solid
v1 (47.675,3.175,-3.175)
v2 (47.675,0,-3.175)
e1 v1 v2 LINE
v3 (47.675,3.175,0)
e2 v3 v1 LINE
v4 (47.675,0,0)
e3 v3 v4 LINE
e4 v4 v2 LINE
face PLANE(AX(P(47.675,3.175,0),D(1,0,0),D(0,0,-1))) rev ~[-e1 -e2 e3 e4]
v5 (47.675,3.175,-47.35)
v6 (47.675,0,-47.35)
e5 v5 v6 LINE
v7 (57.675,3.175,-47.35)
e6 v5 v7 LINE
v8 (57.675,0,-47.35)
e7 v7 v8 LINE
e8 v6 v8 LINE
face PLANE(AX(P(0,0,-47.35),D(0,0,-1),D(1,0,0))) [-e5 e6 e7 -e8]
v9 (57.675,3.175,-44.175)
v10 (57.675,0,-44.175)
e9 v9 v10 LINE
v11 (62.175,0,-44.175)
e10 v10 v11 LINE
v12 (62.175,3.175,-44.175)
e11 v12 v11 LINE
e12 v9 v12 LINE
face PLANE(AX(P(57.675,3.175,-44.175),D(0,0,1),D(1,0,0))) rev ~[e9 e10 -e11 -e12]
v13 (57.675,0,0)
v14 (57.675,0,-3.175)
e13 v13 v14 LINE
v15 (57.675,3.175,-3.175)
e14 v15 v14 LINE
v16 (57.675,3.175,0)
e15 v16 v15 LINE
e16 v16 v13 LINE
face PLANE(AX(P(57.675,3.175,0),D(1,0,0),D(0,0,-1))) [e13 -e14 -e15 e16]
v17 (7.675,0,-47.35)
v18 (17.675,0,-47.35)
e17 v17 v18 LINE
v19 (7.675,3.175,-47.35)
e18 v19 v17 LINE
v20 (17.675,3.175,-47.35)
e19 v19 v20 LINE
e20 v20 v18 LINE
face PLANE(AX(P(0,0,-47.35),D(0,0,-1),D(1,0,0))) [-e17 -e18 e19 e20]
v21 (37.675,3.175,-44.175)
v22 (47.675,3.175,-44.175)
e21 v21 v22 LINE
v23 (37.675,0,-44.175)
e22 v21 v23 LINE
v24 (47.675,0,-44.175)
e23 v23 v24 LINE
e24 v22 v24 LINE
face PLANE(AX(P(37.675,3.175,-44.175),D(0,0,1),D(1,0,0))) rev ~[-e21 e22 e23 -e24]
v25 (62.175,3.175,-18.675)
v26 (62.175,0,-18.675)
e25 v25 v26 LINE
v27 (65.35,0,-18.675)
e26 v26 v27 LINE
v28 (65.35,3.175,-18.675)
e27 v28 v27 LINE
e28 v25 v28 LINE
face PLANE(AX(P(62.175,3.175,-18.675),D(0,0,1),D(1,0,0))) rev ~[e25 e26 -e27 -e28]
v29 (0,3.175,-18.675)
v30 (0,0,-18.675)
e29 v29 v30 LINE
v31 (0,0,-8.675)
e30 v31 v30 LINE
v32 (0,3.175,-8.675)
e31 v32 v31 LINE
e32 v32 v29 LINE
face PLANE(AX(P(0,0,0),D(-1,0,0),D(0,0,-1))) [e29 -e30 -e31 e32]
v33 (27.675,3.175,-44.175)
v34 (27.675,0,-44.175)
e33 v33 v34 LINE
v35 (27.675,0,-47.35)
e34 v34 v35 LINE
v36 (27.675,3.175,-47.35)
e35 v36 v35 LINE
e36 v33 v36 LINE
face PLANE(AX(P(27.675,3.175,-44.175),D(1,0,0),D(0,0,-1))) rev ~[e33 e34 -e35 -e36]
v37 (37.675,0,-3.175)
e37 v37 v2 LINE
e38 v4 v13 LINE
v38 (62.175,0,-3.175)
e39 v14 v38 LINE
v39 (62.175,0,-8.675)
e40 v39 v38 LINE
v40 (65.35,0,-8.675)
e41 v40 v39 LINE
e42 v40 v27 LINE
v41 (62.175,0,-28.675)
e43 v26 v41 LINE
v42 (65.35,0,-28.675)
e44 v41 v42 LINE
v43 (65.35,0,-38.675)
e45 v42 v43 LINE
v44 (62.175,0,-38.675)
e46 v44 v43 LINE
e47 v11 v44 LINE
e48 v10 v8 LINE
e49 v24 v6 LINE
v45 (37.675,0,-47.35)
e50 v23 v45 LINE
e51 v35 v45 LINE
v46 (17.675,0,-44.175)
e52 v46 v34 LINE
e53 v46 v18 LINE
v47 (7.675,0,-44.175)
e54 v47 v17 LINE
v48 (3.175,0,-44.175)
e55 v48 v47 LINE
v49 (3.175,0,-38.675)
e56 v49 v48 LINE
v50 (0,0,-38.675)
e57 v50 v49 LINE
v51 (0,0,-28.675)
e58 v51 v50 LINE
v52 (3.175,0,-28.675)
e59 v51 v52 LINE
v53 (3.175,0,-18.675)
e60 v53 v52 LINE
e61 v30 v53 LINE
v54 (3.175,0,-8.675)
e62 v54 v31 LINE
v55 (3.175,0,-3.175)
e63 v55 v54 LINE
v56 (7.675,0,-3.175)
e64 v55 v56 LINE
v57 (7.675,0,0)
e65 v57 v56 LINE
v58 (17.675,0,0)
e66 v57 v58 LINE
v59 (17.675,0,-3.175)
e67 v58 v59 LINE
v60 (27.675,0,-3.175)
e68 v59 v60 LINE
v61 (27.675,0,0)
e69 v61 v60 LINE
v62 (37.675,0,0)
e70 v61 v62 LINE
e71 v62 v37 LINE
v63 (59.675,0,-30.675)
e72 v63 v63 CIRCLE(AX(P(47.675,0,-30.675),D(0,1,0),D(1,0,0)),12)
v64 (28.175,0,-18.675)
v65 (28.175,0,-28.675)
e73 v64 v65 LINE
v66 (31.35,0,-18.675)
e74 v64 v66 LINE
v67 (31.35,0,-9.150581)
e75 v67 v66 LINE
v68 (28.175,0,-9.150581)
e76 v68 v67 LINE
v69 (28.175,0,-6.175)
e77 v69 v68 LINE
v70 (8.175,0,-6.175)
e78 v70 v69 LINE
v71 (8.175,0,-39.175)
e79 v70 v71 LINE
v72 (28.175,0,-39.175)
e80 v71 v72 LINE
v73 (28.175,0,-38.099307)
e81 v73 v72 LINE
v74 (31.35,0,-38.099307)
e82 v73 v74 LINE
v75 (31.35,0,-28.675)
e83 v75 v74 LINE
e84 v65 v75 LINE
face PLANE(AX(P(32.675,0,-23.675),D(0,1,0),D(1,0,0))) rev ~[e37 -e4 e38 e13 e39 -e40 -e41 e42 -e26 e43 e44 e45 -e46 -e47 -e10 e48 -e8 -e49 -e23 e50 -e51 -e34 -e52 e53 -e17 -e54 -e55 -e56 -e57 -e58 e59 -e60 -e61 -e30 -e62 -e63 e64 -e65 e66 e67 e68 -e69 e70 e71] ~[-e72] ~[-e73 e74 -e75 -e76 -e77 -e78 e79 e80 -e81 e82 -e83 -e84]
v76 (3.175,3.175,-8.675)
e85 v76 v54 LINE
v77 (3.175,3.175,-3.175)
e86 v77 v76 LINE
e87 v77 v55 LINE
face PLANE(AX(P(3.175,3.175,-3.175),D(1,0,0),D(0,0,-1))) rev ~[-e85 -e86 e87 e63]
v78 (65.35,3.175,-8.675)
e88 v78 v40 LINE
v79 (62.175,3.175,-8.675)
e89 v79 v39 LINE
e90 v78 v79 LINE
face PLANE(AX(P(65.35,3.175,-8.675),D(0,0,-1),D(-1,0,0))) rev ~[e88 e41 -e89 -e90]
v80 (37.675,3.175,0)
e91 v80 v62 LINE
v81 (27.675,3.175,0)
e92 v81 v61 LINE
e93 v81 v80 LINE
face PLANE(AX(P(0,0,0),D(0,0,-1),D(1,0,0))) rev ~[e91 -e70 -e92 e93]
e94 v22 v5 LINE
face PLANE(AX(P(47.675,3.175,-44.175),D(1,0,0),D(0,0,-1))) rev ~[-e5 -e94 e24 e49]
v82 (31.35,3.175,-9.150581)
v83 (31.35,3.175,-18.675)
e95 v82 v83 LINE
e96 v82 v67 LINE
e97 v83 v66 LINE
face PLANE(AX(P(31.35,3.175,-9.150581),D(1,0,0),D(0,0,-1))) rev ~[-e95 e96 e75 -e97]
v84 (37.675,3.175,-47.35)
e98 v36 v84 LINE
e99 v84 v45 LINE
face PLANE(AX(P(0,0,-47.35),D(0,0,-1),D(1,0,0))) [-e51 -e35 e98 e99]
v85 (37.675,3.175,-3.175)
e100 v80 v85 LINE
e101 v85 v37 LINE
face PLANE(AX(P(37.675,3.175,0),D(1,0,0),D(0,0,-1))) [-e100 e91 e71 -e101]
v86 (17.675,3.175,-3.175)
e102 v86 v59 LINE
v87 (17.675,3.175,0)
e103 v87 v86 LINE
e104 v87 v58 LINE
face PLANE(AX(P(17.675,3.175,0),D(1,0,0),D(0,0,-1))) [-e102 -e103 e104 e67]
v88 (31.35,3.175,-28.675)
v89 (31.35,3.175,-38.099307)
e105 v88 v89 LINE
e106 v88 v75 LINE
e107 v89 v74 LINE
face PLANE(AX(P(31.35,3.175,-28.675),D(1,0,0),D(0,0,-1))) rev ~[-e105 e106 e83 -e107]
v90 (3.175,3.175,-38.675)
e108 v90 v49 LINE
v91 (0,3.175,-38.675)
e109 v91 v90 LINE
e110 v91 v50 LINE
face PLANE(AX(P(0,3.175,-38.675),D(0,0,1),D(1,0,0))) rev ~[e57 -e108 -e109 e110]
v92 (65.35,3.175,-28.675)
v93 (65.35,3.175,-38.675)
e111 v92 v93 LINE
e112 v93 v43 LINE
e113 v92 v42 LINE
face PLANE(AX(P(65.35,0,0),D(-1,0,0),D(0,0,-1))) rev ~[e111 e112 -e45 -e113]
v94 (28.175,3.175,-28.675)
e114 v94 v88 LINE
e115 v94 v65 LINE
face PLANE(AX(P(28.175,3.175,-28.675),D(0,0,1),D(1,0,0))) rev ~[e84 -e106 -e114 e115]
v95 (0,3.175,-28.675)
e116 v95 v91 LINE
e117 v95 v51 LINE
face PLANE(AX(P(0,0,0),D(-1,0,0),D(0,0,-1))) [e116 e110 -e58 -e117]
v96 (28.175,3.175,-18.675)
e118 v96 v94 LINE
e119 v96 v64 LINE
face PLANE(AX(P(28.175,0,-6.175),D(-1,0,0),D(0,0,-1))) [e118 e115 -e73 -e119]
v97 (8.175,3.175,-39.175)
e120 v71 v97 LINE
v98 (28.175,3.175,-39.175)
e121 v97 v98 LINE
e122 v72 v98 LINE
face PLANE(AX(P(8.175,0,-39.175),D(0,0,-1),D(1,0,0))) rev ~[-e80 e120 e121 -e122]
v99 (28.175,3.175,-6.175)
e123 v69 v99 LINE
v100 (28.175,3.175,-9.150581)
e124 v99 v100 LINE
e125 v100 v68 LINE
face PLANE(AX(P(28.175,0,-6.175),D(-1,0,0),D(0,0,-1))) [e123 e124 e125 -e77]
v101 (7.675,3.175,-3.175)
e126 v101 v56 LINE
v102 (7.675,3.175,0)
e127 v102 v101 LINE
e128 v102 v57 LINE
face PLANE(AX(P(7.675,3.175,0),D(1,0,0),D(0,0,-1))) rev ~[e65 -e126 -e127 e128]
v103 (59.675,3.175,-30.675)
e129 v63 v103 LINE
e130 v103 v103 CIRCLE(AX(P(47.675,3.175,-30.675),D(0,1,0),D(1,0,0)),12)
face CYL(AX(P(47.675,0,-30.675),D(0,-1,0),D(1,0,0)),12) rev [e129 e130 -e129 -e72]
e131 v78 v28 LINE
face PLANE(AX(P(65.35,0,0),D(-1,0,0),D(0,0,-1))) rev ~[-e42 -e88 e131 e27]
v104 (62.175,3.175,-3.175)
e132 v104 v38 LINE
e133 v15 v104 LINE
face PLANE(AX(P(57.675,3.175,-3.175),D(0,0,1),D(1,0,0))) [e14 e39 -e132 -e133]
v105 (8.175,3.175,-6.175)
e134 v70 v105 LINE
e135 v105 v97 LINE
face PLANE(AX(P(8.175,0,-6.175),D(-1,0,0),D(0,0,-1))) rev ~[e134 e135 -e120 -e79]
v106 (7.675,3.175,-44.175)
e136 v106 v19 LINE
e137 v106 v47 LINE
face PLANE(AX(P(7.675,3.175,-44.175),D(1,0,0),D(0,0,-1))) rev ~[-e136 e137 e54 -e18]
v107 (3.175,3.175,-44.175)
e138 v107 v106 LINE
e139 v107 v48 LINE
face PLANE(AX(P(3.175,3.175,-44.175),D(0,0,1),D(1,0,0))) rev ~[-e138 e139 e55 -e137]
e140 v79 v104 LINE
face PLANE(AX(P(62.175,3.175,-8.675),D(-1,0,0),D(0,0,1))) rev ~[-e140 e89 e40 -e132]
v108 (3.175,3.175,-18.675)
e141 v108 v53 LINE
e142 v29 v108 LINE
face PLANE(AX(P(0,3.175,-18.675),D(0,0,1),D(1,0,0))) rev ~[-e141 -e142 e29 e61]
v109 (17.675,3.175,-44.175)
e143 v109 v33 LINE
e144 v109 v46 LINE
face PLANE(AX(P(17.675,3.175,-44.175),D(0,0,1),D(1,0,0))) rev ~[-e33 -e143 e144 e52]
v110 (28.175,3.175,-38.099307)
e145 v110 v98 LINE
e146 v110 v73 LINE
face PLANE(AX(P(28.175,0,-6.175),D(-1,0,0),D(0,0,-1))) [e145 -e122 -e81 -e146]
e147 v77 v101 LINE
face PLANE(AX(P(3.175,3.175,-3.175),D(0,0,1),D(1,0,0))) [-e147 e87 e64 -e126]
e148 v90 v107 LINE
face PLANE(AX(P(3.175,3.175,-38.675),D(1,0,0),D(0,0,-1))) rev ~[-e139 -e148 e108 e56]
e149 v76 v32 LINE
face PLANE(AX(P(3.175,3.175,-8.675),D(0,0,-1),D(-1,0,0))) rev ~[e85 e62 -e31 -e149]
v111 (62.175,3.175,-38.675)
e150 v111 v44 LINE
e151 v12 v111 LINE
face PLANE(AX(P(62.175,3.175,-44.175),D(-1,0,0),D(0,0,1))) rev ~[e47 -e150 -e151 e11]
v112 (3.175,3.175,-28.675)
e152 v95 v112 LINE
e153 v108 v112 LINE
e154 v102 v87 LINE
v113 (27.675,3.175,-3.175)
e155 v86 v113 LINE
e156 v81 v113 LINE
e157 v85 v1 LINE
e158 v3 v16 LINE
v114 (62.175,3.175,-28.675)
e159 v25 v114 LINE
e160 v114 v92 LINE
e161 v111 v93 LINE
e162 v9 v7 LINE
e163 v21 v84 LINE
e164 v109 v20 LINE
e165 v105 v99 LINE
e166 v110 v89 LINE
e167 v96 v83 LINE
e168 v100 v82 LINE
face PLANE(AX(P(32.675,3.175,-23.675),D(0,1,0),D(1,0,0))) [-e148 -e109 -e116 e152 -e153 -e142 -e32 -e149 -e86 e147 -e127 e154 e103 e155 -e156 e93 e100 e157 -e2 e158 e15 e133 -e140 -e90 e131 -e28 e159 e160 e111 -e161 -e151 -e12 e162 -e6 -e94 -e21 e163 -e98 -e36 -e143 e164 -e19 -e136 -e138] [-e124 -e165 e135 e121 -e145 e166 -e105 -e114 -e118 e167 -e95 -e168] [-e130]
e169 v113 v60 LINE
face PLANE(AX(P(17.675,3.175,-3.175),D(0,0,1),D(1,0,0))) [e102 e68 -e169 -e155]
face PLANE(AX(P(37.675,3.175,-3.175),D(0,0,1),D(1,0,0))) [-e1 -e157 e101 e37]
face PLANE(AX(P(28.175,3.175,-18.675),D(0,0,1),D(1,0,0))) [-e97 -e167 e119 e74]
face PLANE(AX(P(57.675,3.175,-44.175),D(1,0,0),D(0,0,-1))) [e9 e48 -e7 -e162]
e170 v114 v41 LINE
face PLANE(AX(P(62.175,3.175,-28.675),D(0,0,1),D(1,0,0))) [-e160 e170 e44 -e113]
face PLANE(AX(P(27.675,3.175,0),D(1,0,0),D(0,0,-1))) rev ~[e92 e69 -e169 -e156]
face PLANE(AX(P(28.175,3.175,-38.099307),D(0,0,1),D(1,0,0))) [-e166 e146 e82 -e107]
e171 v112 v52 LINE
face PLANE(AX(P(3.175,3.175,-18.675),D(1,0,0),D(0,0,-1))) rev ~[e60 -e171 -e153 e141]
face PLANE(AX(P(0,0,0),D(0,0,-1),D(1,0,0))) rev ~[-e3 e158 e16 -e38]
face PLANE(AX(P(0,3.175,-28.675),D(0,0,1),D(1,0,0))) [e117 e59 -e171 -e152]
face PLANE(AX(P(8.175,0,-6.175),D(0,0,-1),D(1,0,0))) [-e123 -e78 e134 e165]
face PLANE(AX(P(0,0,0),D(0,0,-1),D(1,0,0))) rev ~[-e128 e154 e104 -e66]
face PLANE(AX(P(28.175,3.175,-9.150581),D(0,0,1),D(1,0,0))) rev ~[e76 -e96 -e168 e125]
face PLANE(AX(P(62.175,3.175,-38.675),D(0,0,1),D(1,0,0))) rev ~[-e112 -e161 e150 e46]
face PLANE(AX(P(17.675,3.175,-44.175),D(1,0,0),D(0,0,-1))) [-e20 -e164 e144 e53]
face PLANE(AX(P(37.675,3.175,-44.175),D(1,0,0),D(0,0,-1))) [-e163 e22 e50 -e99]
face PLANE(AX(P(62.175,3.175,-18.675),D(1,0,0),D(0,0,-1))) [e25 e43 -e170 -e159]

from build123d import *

# Parameters (mm, degrees)
SKETCH1_W           = 65.35
SKETCH1_H           = 47.35
SKETCH1_R           = 12
SKETCH1_W_2         = 20
SKETCH1_H_2         = 33
BOSS_EXTRUDE1_DEPTH = 3.175
SKETCH2_W           = 10
SKETCH2_H           = 3.175
SKETCH2_W_2         = 4.5
SKETCH2_W_3         = 3.175
SKETCH2_H_2         = 10
SKETCH2_H_3         = 5.5
SKETCH2_H_4         = 9.424306971
SKETCH2_H_5         = 9.524418783
CUT_EXTRUDE1_DEPTH  = 3.175


with BuildPart() as part:
    # Sketch1 → Boss-Extrude1 (new body)
    with BuildSketch(Plane(origin=(0, 0, 0), x_dir=(1, 0, 0), z_dir=(0, 1, 0))):
        with Locations((32.675, 23.675)):
            Rectangle(SKETCH1_W, SKETCH1_H)
        with Locations((47.675, 30.675)):
            Circle(SKETCH1_R, mode=Mode.SUBTRACT)
        with Locations((18.175, 22.675)):
            Rectangle(SKETCH1_W_2, SKETCH1_H_2, mode=Mode.SUBTRACT)
    extrude(amount=BOSS_EXTRUDE1_DEPTH)

    # Sketch2 → Cut-Extrude1 (cut)
    with BuildSketch(Plane(origin=(0, 3.175, 0), x_dir=(1, 0, 0), z_dir=(0, 1, 0))):
        with Locations((22.675, 45.7625)):
            Rectangle(SKETCH2_W, SKETCH2_H)
        with Locations((42.675, 45.7625)):
            Rectangle(SKETCH2_W, SKETCH2_H)
        with Locations((59.925, 45.7625)):
            Rectangle(SKETCH2_W_2, SKETCH2_H)
        Polygon((65.35, 47.35), (62.175, 47.35), (62.175, 44.175), (62.175, 38.675), (65.35, 38.675), align=None)
        with Locations((63.7625, 23.675)):
            Rectangle(SKETCH2_W_3, SKETCH2_H_2)
        Polygon((62.175, 3.175), (62.175, 0), (65.35, 0), (65.35, 8.675), (62.175, 8.675), align=None)
        with Locations((59.925, 1.5875)):
            Rectangle(SKETCH2_W_2, SKETCH2_H)
        with Locations((42.675, 1.5875)):
            Rectangle(SKETCH2_W, SKETCH2_H)
        with Locations((22.675, 1.5875)):
            Rectangle(SKETCH2_W, SKETCH2_H)
        with Locations((5.425, 1.5875)):
            Rectangle(SKETCH2_W_2, SKETCH2_H)
        Polygon((3.175, 3.175), (3.175, 8.675), (0, 8.675), (0, 0), (3.175, 0), align=None)
        with Locations((1.5875, 23.675)):
            Rectangle(SKETCH2_W_3, SKETCH2_H_2)
        with Locations((1.5875, 41.425)):
            Rectangle(SKETCH2_W_3, SKETCH2_H_3)
        with Locations((5.425, 45.7625)):
            Rectangle(SKETCH2_W_2, SKETCH2_H)
        with Locations((1.5875, 45.7625)):
            Rectangle(SKETCH2_W_3, SKETCH2_H)
        with Locations((29.7625, 33.387153486)):
            Rectangle(SKETCH2_W_3, SKETCH2_H_4)
        with Locations((29.7625, 13.912790608)):
            Rectangle(SKETCH2_W_3, SKETCH2_H_5)
    extrude(amount=-CUT_EXTRUDE1_DEPTH, mode=Mode.SUBTRACT)


solid = part.part
